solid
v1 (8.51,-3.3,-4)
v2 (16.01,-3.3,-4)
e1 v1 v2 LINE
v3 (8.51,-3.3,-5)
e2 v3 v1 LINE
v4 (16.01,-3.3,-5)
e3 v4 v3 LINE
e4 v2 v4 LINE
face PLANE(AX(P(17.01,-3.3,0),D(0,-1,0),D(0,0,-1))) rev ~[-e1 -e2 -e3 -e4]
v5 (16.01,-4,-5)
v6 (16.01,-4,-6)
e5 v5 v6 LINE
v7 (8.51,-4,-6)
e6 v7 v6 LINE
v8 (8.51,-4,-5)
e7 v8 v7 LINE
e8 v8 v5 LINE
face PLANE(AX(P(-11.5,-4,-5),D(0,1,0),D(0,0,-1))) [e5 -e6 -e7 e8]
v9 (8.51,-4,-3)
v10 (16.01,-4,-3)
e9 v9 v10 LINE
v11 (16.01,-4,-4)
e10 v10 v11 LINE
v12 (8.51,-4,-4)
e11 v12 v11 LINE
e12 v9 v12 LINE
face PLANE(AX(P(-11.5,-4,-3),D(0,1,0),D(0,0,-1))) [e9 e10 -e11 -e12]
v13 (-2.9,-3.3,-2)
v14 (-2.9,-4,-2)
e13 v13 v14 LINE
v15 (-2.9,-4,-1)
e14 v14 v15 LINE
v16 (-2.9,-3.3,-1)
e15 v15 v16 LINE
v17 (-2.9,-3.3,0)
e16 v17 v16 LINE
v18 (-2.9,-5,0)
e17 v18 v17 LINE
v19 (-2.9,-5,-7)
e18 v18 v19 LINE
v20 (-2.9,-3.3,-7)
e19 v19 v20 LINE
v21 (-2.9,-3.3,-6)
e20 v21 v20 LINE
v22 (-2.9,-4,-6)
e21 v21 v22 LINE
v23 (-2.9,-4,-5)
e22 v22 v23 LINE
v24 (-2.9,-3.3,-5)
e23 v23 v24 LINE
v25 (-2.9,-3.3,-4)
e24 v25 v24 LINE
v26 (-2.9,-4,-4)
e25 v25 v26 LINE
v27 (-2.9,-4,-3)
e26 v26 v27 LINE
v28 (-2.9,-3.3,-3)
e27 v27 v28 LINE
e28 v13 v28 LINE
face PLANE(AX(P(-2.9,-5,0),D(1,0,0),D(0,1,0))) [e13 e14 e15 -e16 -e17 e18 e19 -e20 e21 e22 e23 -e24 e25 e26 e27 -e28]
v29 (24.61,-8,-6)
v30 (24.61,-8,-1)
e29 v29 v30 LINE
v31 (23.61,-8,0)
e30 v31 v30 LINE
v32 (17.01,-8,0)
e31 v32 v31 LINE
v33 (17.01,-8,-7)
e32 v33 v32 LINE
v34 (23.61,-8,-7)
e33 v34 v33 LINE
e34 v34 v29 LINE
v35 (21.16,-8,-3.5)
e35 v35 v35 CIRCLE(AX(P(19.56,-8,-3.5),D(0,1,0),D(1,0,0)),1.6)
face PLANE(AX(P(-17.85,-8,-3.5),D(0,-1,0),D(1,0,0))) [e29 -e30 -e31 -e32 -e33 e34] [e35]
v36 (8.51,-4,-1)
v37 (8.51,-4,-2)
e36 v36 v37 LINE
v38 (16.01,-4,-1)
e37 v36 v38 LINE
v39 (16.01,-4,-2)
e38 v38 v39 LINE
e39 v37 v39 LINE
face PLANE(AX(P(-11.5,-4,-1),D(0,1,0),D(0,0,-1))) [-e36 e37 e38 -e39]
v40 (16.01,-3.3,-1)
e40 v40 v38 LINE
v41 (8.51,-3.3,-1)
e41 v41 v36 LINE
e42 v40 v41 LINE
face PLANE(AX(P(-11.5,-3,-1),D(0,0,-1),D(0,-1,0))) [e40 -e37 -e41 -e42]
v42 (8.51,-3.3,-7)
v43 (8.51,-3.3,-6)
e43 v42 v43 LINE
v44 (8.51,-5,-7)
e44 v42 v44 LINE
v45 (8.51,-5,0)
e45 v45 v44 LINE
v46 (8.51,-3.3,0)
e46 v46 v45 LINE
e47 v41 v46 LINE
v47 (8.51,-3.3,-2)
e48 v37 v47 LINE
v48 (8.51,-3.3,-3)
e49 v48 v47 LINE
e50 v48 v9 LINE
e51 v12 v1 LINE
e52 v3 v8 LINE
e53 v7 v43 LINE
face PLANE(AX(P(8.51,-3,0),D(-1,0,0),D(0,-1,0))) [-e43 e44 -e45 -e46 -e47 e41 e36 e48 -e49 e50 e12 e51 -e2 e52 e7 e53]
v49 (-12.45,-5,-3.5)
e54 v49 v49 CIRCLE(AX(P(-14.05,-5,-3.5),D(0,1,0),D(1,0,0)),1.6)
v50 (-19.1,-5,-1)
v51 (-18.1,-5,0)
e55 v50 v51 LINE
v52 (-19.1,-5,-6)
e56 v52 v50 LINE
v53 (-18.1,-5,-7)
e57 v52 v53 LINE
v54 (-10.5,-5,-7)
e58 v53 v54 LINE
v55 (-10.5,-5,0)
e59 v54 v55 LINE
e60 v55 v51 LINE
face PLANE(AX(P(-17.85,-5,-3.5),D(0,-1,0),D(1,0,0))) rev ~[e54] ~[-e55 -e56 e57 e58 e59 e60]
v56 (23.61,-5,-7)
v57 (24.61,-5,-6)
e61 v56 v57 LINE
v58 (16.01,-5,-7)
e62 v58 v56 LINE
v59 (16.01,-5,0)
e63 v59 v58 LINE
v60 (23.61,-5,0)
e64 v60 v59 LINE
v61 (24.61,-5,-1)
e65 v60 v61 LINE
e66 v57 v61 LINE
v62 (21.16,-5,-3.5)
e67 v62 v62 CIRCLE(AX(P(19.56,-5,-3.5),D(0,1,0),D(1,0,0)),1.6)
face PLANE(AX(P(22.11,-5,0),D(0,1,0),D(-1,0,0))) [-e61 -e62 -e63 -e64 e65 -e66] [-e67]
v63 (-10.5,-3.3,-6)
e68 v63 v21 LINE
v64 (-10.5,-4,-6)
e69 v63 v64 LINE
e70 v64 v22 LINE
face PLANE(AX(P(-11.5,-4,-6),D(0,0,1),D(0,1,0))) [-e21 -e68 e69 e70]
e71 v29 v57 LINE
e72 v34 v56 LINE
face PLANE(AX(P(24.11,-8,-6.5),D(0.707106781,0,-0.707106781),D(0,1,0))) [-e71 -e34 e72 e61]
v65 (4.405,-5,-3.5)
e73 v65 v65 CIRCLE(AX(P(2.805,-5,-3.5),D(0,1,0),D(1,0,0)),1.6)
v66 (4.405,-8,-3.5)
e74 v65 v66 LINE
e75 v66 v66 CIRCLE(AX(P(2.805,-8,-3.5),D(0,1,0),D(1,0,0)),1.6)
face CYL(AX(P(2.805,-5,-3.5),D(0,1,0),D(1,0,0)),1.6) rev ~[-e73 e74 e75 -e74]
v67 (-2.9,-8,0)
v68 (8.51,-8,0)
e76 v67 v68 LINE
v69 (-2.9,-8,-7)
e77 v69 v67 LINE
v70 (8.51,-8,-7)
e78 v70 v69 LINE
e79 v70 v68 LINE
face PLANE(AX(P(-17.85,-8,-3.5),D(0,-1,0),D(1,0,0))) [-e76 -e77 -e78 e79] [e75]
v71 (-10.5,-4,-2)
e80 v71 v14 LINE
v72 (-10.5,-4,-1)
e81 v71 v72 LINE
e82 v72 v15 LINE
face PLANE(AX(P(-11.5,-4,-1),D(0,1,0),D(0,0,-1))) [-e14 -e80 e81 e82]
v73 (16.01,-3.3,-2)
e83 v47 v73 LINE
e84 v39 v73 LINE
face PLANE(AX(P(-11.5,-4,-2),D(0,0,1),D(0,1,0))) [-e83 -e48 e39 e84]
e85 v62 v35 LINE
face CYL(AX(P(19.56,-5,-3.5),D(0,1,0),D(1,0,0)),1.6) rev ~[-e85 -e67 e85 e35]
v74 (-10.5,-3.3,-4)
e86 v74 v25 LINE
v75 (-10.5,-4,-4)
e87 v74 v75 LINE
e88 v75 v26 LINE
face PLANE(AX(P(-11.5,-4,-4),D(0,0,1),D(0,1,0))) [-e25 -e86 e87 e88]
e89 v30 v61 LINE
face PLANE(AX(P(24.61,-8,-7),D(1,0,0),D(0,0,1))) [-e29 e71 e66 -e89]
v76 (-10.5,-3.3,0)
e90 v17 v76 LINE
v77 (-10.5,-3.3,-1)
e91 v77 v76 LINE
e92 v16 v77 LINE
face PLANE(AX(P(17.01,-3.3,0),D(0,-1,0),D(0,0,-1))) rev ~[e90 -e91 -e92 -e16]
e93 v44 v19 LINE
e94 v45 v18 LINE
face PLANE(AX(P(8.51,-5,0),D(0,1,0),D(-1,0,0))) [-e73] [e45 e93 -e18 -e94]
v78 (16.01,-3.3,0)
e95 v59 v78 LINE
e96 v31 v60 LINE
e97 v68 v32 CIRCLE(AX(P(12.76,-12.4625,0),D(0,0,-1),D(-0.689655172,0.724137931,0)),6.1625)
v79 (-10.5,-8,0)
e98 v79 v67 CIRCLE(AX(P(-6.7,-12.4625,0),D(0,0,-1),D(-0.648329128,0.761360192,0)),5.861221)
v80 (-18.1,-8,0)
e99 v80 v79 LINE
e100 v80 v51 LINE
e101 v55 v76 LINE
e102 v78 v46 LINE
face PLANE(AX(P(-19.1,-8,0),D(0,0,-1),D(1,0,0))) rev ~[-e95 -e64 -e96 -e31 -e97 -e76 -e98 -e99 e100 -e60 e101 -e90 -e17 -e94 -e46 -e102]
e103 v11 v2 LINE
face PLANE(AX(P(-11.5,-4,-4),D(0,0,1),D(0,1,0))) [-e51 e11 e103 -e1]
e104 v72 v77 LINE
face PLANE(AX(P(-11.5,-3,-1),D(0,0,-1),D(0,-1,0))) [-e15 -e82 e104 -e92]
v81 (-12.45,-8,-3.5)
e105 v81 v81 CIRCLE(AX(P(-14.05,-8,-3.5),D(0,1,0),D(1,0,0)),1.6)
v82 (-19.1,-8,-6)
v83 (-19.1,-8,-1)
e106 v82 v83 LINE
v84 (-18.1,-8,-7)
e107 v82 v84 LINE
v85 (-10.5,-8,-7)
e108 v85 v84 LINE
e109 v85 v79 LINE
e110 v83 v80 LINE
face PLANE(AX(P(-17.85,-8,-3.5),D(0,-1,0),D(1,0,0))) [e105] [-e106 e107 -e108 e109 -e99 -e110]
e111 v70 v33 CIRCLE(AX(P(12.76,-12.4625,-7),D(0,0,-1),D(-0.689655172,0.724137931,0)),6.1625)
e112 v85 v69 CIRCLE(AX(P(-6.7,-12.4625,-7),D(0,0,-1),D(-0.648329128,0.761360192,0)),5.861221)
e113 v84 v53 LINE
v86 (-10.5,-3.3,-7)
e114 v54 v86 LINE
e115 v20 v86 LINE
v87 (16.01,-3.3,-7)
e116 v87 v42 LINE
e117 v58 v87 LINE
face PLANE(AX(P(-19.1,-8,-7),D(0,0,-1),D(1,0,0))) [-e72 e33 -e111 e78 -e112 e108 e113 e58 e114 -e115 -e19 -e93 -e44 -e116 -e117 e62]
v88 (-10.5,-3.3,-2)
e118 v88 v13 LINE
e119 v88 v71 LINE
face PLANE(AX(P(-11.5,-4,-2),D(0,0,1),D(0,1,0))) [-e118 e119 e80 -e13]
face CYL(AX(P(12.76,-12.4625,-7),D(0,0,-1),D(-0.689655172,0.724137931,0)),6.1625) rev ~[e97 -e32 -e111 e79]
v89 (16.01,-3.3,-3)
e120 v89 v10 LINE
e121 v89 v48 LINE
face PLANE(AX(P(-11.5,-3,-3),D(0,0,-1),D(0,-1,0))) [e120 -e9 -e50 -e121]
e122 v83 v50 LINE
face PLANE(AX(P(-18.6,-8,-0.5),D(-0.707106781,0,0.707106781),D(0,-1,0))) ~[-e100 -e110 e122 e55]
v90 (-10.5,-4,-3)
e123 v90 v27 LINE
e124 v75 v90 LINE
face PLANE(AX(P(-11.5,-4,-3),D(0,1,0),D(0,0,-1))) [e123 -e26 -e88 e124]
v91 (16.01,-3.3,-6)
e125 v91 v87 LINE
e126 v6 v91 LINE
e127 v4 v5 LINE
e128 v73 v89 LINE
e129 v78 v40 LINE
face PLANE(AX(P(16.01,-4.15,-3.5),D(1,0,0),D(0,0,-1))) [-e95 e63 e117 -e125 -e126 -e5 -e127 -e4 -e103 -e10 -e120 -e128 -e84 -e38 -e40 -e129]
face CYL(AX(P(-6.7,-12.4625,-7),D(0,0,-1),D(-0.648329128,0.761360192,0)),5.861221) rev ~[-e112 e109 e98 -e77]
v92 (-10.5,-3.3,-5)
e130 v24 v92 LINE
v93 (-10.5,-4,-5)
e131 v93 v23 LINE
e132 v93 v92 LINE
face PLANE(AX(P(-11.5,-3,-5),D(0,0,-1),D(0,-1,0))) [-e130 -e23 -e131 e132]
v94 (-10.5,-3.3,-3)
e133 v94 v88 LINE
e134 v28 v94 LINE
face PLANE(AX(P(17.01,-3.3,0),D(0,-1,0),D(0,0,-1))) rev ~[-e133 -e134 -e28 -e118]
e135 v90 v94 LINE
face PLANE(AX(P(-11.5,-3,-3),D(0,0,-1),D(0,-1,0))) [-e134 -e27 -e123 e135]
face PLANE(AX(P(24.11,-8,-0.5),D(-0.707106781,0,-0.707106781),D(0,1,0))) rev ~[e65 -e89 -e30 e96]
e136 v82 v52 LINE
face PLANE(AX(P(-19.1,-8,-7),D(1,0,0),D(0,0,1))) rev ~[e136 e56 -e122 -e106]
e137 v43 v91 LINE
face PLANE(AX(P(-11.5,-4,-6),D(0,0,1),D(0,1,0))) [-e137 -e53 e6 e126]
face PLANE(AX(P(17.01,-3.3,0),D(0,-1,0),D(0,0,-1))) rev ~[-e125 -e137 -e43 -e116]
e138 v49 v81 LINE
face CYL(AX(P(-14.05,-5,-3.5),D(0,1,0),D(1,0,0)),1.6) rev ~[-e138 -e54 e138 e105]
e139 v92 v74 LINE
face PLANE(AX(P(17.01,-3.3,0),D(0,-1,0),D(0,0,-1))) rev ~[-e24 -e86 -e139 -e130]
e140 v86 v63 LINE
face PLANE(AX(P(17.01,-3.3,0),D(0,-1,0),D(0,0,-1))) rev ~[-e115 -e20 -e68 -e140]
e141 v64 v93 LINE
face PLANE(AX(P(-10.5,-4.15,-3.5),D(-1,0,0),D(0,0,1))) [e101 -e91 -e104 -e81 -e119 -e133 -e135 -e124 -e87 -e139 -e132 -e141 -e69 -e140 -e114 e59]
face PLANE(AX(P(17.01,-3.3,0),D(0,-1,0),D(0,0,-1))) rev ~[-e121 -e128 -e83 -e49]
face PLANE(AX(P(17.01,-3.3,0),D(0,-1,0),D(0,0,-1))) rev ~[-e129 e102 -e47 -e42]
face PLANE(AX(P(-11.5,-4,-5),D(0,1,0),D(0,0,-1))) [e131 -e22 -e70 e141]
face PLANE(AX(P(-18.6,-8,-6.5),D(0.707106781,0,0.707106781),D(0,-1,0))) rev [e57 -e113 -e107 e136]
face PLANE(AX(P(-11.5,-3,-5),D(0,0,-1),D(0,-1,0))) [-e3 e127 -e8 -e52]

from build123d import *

# Parameters (mm, degrees)
BOSS_EXTRUDE1_DEPTH = 7
CUT_EXTRUDE1_DEPTH  = 28.51
SKETCH4_R           = 1.6
CUT_EXTRUDE2_DEPTH  = 3
SKETCH5_R           = 1.6
CUT_EXTRUDE3_DEPTH  = 3
SKETCH6_W           = 7
SKETCH6_H           = 0.3
CUT_EXTRUDE4_DEPTH  = 28.51
SKETCH8_W           = 7
SKETCH8_H           = 1.7
CUT_EXTRUDE6_DEPTH  = 1
SKETCH9_W           = 2.5
SKETCH9_H           = 7
BOSS_EXTRUDE2_DEPTH = 3
CUT_EXTRUDE7_DEPTH  = 7
CHAMFER1_SIZE       = 1
SKETCH11_W          = 7
SKETCH11_H          = 1.7
CUT_EXTRUDE8_DEPTH  = 1


with BuildPart() as part:
    # Sketch1 → Boss-Extrude1 (new body)
    with BuildSketch(Plane.XY):
        Polygon((17.01, -5), (17.01, -3), (8.51, -3), (8.51, -5), (8.41, -5), (-2.8, -5), (-2.9, -5), (-2.9, -3), (-11.5, -3), (-11.5, -5), (-11.6, -5), (-16.6, -5), (-16.6, -8), (22.11, -8), (22.11, -5), (17.11, -5), align=None)
    extrude(amount=-BOSS_EXTRUDE1_DEPTH)

    # Sketch2 → Cut-Extrude1 (cut)
    with BuildSketch(Plane.ZY.offset(11.5)):
        Polygon((0, -3), (-1, -3), (-1, -4), (-2, -4), (-2, -3), (-3, -3), (-3, -4), (-4, -4), (-4, -3), (-5, -3), (-5, -4), (-6, -4), (-6, -3), (-7, -3), (-7, -2.645827001), (0, -2.645827001), align=None)
    extrude(amount=-CUT_EXTRUDE1_DEPTH, mode=Mode.SUBTRACT)

    # Sketch4 → Cut-Extrude2 (cut)
    with BuildSketch(Plane(origin=(0, -5, 0), x_dir=(1, 0, 0), z_dir=(0, 1, 0))):
        with Locations((2.805, 3.5)):
            Circle(SKETCH4_R)
    extrude(amount=-CUT_EXTRUDE2_DEPTH, mode=Mode.SUBTRACT)

    # Sketch5 → Cut-Extrude3 (cut)
    with BuildSketch(Plane(origin=(0, -5, 0), x_dir=(1, 0, 0), z_dir=(0, 1, 0))):
        with Locations((-14.05, 3.5)):
            Circle(SKETCH5_R)
        with Locations((19.56, 3.5)):
            Circle(SKETCH5_R)
    extrude(amount=-CUT_EXTRUDE3_DEPTH, mode=Mode.SUBTRACT)

    # Sketch6 → Cut-Extrude4 (cut)
    with BuildSketch(Plane(origin=(17.01, 0, 0), x_dir=(0, 0, -1), z_dir=(1, 0, 0))):
        with Locations((3.5, -3.15)):
            Rectangle(SKETCH6_W, SKETCH6_H)
    extrude(amount=-CUT_EXTRUDE4_DEPTH, mode=Mode.SUBTRACT)

    # Sketch8 → Cut-Extrude6 (cut)
    with BuildSketch(Plane.ZY.offset(11.5)):
        with Locations((-3.5, -4.15)):
            Rectangle(SKETCH8_W, SKETCH8_H)
    extrude(amount=-CUT_EXTRUDE6_DEPTH, mode=Mode.SUBTRACT)

    # Sketch9 → Boss-Extrude2 (add)
    with BuildSketch(Plane.XZ.offset(8)):
        with Locations((-17.85, -3.5)):
            Rectangle(SKETCH9_W, SKETCH9_H)
        with Locations((23.36, -3.5)):
            Rectangle(SKETCH9_W, SKETCH9_H)
    extrude(amount=-BOSS_EXTRUDE2_DEPTH)

    # Sketch10 → Cut-Extrude7 (cut)
    with BuildSketch(Plane(origin=(0, 0, -7), x_dir=(-1, 0, 0), z_dir=(0, 0, -1))):
        with BuildLine():
            Line((-17.01, -8), (-8.51, -8))
            ThreePointArc((-8.51, -8), (-12.76, -6.3), (-17.01, -8))
        make_face()
        with BuildLine():
            Line((2.9, -8), (10.5, -8))
            ThreePointArc((10.5, -8), (6.7, -6.601279457), (2.9, -8))
        make_face()
    extrude(amount=-CUT_EXTRUDE7_DEPTH, mode=Mode.SUBTRACT)

    # Chamfer1
    chamfer1_edges = [part.edges().sort_by_distance(p)[0] for p in [
        (-19.1, -6.5, -7),
        (-19.1, -6.5, 0),
        (24.61, -6.5, 0),
        (24.61, -6.5, -7),
    ]]
    chamfer(chamfer1_edges, length=CHAMFER1_SIZE)

    # Sketch11 → Cut-Extrude8 (cut)
    with BuildSketch(Plane(origin=(17.01, 0, 0), x_dir=(0, 0, -1), z_dir=(1, 0, 0))):
        with Locations((3.5, -4.15)):
            Rectangle(SKETCH11_W, SKETCH11_H)
    extrude(amount=-CUT_EXTRUDE8_DEPTH, mode=Mode.SUBTRACT)


solid = part.part
